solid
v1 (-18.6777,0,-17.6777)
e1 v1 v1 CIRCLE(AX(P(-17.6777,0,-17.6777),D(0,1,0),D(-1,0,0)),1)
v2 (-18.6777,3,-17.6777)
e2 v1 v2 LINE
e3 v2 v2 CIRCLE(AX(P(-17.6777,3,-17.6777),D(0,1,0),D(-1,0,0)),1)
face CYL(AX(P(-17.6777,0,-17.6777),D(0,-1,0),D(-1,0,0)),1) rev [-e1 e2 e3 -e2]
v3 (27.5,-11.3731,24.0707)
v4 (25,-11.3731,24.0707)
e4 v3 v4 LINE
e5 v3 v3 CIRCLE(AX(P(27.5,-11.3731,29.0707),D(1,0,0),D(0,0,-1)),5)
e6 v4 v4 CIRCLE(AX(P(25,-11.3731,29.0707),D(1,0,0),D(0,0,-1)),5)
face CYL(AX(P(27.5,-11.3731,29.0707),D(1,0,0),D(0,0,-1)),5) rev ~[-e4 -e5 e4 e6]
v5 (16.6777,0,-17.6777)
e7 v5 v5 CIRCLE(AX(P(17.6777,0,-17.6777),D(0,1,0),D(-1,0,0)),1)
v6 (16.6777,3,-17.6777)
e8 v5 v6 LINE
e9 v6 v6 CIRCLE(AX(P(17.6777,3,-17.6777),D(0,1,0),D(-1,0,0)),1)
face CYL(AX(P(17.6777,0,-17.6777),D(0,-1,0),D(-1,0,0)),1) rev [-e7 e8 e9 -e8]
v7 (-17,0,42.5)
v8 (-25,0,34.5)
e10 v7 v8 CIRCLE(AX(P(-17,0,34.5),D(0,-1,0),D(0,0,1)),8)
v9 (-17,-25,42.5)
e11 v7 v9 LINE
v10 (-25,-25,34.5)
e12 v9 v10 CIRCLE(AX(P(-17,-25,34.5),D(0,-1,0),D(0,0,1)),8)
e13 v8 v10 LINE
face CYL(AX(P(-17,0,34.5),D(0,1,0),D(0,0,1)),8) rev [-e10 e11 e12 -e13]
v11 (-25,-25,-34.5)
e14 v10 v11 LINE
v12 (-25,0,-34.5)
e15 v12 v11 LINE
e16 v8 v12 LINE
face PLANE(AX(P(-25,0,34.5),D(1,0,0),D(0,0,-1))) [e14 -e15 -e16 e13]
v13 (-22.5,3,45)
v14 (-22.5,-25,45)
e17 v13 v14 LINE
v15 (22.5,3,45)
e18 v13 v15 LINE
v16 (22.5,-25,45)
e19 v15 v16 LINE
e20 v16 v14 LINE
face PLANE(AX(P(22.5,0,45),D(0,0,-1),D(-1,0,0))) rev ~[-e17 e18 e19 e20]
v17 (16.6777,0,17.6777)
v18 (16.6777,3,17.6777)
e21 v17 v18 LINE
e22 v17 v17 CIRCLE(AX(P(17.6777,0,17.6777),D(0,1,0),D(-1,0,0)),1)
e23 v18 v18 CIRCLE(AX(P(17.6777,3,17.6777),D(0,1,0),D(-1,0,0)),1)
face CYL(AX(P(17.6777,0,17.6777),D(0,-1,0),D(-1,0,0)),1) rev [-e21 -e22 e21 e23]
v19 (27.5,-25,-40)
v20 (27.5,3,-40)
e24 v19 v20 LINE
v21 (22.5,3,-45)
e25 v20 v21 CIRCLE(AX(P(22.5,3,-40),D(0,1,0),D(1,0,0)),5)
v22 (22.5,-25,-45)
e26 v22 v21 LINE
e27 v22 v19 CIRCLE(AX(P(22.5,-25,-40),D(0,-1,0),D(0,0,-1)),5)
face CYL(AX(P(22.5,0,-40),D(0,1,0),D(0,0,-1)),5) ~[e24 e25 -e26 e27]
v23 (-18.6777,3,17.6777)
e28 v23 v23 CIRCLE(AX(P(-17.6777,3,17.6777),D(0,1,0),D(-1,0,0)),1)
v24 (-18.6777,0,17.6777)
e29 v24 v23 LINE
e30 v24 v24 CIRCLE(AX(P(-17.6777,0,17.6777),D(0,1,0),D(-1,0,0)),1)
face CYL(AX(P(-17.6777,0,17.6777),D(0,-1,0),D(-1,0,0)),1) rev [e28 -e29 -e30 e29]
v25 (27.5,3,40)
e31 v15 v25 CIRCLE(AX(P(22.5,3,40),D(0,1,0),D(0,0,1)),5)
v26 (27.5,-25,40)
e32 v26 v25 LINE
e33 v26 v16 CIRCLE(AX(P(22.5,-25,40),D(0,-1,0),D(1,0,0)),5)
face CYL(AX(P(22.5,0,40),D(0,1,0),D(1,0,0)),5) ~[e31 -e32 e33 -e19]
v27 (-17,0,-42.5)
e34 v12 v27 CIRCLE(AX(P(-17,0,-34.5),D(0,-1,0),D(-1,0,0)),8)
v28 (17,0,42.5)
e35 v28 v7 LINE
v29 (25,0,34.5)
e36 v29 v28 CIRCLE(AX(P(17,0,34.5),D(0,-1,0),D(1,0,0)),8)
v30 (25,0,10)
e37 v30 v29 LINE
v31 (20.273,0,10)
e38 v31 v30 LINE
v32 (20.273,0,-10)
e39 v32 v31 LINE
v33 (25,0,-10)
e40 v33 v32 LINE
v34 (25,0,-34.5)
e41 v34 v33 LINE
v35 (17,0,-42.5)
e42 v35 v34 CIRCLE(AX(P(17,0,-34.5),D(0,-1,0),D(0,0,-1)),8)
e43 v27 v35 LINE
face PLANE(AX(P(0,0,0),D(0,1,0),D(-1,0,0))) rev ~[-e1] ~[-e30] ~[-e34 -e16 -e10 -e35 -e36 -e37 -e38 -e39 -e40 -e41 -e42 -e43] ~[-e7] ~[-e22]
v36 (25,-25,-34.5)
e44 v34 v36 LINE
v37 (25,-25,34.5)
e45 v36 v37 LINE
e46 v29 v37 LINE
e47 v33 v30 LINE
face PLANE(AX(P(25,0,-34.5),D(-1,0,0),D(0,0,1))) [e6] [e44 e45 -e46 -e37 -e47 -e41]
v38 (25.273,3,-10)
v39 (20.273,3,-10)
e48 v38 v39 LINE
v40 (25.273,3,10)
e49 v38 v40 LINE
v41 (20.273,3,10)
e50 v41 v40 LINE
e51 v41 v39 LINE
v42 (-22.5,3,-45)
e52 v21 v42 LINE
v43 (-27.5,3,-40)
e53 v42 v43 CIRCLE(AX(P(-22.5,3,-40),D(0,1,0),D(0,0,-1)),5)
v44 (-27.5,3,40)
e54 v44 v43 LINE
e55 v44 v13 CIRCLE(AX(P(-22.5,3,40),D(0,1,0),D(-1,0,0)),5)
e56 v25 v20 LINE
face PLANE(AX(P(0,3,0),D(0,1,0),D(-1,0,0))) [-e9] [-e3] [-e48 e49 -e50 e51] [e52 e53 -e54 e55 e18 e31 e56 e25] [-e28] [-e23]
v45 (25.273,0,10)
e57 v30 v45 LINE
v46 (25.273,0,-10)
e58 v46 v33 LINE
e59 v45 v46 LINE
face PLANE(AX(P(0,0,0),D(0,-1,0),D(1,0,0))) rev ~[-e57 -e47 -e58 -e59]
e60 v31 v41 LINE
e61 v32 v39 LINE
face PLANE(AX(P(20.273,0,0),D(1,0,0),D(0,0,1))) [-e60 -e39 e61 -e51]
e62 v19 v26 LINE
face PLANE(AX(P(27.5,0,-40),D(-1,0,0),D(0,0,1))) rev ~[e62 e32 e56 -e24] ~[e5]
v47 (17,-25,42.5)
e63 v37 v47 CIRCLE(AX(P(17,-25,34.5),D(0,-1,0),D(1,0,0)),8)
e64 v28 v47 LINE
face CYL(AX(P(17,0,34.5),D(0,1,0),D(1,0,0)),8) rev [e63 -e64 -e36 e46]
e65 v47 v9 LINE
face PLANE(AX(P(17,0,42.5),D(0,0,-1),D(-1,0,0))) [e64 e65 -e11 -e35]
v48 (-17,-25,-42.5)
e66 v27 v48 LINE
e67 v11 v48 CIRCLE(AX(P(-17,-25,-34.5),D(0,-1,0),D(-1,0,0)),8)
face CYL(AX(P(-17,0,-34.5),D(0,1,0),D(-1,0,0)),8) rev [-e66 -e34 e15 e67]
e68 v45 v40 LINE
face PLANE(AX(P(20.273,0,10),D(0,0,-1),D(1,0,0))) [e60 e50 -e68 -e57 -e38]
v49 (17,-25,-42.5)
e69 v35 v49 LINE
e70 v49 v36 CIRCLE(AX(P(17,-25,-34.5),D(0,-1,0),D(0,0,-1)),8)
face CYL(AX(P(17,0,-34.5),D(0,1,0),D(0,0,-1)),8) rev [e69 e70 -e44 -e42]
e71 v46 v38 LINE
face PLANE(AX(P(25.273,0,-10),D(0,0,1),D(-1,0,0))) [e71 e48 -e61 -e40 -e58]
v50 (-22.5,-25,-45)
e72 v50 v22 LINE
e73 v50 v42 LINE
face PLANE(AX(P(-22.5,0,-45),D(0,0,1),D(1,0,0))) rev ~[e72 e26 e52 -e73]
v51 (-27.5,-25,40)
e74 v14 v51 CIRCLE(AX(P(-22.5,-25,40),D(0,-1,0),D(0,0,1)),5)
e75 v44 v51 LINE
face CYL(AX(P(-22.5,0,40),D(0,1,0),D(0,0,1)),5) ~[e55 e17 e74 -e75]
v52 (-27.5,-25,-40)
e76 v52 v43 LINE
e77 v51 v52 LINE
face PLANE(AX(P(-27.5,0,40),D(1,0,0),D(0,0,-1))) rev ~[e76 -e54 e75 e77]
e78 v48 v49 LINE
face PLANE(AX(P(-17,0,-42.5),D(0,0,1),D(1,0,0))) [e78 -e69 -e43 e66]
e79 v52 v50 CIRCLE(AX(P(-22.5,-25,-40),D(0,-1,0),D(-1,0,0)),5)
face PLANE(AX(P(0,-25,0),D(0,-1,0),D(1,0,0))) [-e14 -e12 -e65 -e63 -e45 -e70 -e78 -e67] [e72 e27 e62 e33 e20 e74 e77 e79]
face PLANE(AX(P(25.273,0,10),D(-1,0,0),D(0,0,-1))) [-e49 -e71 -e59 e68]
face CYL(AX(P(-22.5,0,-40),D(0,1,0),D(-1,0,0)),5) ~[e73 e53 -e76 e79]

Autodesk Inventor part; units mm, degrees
ref_plane "YZ Plane" through (0, 0, 0) normal (1, 0, 0) x (0, 1, 0)
ref_plane "XZ Plane" through (0, 0, 0) normal (0, 1, 0) x (-1, 0, 0)
ref_plane "XY Plane" through (0, 0, 0) normal (0, 0, 1) x (1, 0, 0)
sketch "Sketch1" plane through (0, 0, 0) normal (0, 1, 0) x (-1, 0, 0)
  line L0 (22.5, 45) -> (-22.5, 45)
  line L1 (-27.5, 40) -> (-27.5, -40)
  line L2 (-22.5, -45) -> (22.5, -45)
  line L3 (27.5, -40) -> (27.5, 40)
  line L4 (27.5, 45) -> (-27.5, -45) construction
  line L5 (-27.5, 45) -> (27.5, -45) construction
  line L6 (0, 0) -> (17.6777, 17.6777) construction
  line L7 (0, 0) -> (25, 0) construction
  circle A0 centre (17.6777, 17.6777) radius 1
  line L8 (17.6777, 17.6777) -> (21.2132, 14.1421) construction
  arc A1 (21.2132, 14.1421) -> (14.1421, 21.2132) centre (17.6777, 17.6777) ccw construction
  circle A2 centre (0, 0) radius 20 construction
  line L9 (14.1421, 21.2132) -> (10.1575, 17.2286) construction
  arc A3 (-6.25, 18.9984) -> (6.25, 18.9984) centre (0, 0) ccw construction
  line L10 (21.2132, 14.1421) -> (17.2286, 10.1575) construction
  line L11 (-14.1421, 21.2132) -> (-10.1575, 17.2286) construction
  arc A4 (-14.1421, 21.2132) -> (-21.2132, 14.1421) centre (-17.6777, 17.6777) ccw construction
  line L12 (-21.2132, 14.1421) -> (-17.2286, 10.1575) construction
  circle A5 centre (-17.6777, 17.6777) radius 1
  line L13 (-21.2132, -14.1421) -> (-17.2286, -10.1575) construction
  arc A6 (-21.2132, -14.1421) -> (-14.1421, -21.2132) centre (-17.6777, -17.6777) ccw construction
  line L14 (-14.1421, -21.2132) -> (-10.1575, -17.2286) construction
  circle A7 centre (-17.6777, -17.6777) radius 1
  line L15 (14.1421, -21.2132) -> (10.1575, -17.2286) construction
  arc A8 (14.1421, -21.2132) -> (21.2132, -14.1421) centre (17.6777, -17.6777) ccw construction
  line L16 (21.2132, -14.1421) -> (17.2286, -10.1575) construction
  circle A9 centre (17.6777, -17.6777) radius 1
  line L17 (-20.273, 10) -> (-25.273, 10)
  line L18 (-25.273, 10) -> (-25.273, -10)
  line L19 (-25.273, -10) -> (-20.273, -10)
  line L20 (-20.273, -10) -> (-20.273, 10)
  line L21 (-20.273, 10) -> (-25.273, -10) construction
  line L22 (-25.273, 10) -> (-20.273, -10) construction
  line L23 (39.9497, 0) -> (-39.9497, 0) projected
  arc A10 (22.5, -45) -> (27.5, -40) centre (22.5, -40) ccw
  arc A11 (27.5, 40) -> (22.5, 45) centre (22.5, 40) ccw
  arc A12 (-22.5, 45) -> (-27.5, 40) centre (-22.5, 40) ccw
  arc A13 (-27.5, -40) -> (-22.5, -45) centre (-22.5, -40) ccw
  point P0 (-22.773, 0)
  point P1 (-22.773, 0)
  dimension "d0" = 55
  dimension "d1" = 90
  dimension "d4" = 25
  dimension "d5" = 45
  dimension "d6" = 2
  dimension "d7" = 5
  dimension "d8" = 360
  dimension "d9" = 5
  dimension "d10" = 20
  dimension "d18" = 5
extrude "Extrusion1" add sketch "Sketch1" along normal blind 3 contours A11 L3 L23 L20 L17 L18 L1 A12 L0 | L3 A10 L2 A13 L1 L23 L18 L19 L20
sketch "Sketch2" plane through (0, 0, 0) normal (0, -1, 0) x (1, 0, 0)
  line L0 (22.5, 45) -> (-22.5, 45)
  line L1 (-27.5, 40) -> (-27.5, -40)
  line L2 (-22.5, -45) -> (22.5, -45)
  line L3 (27.5, -40) -> (27.5, 40)
  line L4 (27.5, 45) -> (-27.5, -45) construction
  line L5 (-27.5, 45) -> (27.5, -45) construction
  line L6 (17, 42.5) -> (-17, 42.5)
  line L7 (-25, 34.5) -> (-25, -34.5)
  line L8 (-17, -42.5) -> (17, -42.5)
  line L9 (25, -34.5) -> (25, 34.5)
  line L10 (25, 42.5) -> (-25, -42.5) construction
  line L11 (-25, 42.5) -> (25, -42.5) construction
  arc A0 (25, 34.5) -> (17, 42.5) centre (17, 34.5) ccw
  arc A1 (17, -42.5) -> (25, -34.5) centre (17, -34.5) ccw
  arc A2 (-25, -34.5) -> (-17, -42.5) centre (-17, -34.5) ccw
  arc A3 (-17, 42.5) -> (-25, 34.5) centre (-17, 34.5) ccw
  arc A4 (27.5, 40) -> (22.5, 45) centre (22.5, 40) ccw
  arc A5 (-22.5, 45) -> (-27.5, 40) centre (-22.5, 40) ccw
  arc A6 (-27.5, -40) -> (-22.5, -45) centre (-22.5, -40) ccw
  arc A7 (22.5, -45) -> (27.5, -40) centre (22.5, -40) ccw
  point P0 (0, 0)
  dimension "d13" = 55
  dimension "d14" = 90
  dimension "d15" = 50
  dimension "d16" = 85
  dimension "d17" = 8
  dimension "d21" = 5
extrude "Extrusion2" add sketch "Sketch2" along normal blind 25
sketch "Sketch3" plane through (27.5, 3, 40) normal (1, 0, 0) x (0, 0, -1)
  circle A0 centre (10.9293, -14.3731) radius 5
  point P0 (40, -3)
  dimension "d22" = 10
extrude "Extrusion3" cut sketch "Sketch3" against normal up to surface (2.5 mm away)
properties part number "mount1"
